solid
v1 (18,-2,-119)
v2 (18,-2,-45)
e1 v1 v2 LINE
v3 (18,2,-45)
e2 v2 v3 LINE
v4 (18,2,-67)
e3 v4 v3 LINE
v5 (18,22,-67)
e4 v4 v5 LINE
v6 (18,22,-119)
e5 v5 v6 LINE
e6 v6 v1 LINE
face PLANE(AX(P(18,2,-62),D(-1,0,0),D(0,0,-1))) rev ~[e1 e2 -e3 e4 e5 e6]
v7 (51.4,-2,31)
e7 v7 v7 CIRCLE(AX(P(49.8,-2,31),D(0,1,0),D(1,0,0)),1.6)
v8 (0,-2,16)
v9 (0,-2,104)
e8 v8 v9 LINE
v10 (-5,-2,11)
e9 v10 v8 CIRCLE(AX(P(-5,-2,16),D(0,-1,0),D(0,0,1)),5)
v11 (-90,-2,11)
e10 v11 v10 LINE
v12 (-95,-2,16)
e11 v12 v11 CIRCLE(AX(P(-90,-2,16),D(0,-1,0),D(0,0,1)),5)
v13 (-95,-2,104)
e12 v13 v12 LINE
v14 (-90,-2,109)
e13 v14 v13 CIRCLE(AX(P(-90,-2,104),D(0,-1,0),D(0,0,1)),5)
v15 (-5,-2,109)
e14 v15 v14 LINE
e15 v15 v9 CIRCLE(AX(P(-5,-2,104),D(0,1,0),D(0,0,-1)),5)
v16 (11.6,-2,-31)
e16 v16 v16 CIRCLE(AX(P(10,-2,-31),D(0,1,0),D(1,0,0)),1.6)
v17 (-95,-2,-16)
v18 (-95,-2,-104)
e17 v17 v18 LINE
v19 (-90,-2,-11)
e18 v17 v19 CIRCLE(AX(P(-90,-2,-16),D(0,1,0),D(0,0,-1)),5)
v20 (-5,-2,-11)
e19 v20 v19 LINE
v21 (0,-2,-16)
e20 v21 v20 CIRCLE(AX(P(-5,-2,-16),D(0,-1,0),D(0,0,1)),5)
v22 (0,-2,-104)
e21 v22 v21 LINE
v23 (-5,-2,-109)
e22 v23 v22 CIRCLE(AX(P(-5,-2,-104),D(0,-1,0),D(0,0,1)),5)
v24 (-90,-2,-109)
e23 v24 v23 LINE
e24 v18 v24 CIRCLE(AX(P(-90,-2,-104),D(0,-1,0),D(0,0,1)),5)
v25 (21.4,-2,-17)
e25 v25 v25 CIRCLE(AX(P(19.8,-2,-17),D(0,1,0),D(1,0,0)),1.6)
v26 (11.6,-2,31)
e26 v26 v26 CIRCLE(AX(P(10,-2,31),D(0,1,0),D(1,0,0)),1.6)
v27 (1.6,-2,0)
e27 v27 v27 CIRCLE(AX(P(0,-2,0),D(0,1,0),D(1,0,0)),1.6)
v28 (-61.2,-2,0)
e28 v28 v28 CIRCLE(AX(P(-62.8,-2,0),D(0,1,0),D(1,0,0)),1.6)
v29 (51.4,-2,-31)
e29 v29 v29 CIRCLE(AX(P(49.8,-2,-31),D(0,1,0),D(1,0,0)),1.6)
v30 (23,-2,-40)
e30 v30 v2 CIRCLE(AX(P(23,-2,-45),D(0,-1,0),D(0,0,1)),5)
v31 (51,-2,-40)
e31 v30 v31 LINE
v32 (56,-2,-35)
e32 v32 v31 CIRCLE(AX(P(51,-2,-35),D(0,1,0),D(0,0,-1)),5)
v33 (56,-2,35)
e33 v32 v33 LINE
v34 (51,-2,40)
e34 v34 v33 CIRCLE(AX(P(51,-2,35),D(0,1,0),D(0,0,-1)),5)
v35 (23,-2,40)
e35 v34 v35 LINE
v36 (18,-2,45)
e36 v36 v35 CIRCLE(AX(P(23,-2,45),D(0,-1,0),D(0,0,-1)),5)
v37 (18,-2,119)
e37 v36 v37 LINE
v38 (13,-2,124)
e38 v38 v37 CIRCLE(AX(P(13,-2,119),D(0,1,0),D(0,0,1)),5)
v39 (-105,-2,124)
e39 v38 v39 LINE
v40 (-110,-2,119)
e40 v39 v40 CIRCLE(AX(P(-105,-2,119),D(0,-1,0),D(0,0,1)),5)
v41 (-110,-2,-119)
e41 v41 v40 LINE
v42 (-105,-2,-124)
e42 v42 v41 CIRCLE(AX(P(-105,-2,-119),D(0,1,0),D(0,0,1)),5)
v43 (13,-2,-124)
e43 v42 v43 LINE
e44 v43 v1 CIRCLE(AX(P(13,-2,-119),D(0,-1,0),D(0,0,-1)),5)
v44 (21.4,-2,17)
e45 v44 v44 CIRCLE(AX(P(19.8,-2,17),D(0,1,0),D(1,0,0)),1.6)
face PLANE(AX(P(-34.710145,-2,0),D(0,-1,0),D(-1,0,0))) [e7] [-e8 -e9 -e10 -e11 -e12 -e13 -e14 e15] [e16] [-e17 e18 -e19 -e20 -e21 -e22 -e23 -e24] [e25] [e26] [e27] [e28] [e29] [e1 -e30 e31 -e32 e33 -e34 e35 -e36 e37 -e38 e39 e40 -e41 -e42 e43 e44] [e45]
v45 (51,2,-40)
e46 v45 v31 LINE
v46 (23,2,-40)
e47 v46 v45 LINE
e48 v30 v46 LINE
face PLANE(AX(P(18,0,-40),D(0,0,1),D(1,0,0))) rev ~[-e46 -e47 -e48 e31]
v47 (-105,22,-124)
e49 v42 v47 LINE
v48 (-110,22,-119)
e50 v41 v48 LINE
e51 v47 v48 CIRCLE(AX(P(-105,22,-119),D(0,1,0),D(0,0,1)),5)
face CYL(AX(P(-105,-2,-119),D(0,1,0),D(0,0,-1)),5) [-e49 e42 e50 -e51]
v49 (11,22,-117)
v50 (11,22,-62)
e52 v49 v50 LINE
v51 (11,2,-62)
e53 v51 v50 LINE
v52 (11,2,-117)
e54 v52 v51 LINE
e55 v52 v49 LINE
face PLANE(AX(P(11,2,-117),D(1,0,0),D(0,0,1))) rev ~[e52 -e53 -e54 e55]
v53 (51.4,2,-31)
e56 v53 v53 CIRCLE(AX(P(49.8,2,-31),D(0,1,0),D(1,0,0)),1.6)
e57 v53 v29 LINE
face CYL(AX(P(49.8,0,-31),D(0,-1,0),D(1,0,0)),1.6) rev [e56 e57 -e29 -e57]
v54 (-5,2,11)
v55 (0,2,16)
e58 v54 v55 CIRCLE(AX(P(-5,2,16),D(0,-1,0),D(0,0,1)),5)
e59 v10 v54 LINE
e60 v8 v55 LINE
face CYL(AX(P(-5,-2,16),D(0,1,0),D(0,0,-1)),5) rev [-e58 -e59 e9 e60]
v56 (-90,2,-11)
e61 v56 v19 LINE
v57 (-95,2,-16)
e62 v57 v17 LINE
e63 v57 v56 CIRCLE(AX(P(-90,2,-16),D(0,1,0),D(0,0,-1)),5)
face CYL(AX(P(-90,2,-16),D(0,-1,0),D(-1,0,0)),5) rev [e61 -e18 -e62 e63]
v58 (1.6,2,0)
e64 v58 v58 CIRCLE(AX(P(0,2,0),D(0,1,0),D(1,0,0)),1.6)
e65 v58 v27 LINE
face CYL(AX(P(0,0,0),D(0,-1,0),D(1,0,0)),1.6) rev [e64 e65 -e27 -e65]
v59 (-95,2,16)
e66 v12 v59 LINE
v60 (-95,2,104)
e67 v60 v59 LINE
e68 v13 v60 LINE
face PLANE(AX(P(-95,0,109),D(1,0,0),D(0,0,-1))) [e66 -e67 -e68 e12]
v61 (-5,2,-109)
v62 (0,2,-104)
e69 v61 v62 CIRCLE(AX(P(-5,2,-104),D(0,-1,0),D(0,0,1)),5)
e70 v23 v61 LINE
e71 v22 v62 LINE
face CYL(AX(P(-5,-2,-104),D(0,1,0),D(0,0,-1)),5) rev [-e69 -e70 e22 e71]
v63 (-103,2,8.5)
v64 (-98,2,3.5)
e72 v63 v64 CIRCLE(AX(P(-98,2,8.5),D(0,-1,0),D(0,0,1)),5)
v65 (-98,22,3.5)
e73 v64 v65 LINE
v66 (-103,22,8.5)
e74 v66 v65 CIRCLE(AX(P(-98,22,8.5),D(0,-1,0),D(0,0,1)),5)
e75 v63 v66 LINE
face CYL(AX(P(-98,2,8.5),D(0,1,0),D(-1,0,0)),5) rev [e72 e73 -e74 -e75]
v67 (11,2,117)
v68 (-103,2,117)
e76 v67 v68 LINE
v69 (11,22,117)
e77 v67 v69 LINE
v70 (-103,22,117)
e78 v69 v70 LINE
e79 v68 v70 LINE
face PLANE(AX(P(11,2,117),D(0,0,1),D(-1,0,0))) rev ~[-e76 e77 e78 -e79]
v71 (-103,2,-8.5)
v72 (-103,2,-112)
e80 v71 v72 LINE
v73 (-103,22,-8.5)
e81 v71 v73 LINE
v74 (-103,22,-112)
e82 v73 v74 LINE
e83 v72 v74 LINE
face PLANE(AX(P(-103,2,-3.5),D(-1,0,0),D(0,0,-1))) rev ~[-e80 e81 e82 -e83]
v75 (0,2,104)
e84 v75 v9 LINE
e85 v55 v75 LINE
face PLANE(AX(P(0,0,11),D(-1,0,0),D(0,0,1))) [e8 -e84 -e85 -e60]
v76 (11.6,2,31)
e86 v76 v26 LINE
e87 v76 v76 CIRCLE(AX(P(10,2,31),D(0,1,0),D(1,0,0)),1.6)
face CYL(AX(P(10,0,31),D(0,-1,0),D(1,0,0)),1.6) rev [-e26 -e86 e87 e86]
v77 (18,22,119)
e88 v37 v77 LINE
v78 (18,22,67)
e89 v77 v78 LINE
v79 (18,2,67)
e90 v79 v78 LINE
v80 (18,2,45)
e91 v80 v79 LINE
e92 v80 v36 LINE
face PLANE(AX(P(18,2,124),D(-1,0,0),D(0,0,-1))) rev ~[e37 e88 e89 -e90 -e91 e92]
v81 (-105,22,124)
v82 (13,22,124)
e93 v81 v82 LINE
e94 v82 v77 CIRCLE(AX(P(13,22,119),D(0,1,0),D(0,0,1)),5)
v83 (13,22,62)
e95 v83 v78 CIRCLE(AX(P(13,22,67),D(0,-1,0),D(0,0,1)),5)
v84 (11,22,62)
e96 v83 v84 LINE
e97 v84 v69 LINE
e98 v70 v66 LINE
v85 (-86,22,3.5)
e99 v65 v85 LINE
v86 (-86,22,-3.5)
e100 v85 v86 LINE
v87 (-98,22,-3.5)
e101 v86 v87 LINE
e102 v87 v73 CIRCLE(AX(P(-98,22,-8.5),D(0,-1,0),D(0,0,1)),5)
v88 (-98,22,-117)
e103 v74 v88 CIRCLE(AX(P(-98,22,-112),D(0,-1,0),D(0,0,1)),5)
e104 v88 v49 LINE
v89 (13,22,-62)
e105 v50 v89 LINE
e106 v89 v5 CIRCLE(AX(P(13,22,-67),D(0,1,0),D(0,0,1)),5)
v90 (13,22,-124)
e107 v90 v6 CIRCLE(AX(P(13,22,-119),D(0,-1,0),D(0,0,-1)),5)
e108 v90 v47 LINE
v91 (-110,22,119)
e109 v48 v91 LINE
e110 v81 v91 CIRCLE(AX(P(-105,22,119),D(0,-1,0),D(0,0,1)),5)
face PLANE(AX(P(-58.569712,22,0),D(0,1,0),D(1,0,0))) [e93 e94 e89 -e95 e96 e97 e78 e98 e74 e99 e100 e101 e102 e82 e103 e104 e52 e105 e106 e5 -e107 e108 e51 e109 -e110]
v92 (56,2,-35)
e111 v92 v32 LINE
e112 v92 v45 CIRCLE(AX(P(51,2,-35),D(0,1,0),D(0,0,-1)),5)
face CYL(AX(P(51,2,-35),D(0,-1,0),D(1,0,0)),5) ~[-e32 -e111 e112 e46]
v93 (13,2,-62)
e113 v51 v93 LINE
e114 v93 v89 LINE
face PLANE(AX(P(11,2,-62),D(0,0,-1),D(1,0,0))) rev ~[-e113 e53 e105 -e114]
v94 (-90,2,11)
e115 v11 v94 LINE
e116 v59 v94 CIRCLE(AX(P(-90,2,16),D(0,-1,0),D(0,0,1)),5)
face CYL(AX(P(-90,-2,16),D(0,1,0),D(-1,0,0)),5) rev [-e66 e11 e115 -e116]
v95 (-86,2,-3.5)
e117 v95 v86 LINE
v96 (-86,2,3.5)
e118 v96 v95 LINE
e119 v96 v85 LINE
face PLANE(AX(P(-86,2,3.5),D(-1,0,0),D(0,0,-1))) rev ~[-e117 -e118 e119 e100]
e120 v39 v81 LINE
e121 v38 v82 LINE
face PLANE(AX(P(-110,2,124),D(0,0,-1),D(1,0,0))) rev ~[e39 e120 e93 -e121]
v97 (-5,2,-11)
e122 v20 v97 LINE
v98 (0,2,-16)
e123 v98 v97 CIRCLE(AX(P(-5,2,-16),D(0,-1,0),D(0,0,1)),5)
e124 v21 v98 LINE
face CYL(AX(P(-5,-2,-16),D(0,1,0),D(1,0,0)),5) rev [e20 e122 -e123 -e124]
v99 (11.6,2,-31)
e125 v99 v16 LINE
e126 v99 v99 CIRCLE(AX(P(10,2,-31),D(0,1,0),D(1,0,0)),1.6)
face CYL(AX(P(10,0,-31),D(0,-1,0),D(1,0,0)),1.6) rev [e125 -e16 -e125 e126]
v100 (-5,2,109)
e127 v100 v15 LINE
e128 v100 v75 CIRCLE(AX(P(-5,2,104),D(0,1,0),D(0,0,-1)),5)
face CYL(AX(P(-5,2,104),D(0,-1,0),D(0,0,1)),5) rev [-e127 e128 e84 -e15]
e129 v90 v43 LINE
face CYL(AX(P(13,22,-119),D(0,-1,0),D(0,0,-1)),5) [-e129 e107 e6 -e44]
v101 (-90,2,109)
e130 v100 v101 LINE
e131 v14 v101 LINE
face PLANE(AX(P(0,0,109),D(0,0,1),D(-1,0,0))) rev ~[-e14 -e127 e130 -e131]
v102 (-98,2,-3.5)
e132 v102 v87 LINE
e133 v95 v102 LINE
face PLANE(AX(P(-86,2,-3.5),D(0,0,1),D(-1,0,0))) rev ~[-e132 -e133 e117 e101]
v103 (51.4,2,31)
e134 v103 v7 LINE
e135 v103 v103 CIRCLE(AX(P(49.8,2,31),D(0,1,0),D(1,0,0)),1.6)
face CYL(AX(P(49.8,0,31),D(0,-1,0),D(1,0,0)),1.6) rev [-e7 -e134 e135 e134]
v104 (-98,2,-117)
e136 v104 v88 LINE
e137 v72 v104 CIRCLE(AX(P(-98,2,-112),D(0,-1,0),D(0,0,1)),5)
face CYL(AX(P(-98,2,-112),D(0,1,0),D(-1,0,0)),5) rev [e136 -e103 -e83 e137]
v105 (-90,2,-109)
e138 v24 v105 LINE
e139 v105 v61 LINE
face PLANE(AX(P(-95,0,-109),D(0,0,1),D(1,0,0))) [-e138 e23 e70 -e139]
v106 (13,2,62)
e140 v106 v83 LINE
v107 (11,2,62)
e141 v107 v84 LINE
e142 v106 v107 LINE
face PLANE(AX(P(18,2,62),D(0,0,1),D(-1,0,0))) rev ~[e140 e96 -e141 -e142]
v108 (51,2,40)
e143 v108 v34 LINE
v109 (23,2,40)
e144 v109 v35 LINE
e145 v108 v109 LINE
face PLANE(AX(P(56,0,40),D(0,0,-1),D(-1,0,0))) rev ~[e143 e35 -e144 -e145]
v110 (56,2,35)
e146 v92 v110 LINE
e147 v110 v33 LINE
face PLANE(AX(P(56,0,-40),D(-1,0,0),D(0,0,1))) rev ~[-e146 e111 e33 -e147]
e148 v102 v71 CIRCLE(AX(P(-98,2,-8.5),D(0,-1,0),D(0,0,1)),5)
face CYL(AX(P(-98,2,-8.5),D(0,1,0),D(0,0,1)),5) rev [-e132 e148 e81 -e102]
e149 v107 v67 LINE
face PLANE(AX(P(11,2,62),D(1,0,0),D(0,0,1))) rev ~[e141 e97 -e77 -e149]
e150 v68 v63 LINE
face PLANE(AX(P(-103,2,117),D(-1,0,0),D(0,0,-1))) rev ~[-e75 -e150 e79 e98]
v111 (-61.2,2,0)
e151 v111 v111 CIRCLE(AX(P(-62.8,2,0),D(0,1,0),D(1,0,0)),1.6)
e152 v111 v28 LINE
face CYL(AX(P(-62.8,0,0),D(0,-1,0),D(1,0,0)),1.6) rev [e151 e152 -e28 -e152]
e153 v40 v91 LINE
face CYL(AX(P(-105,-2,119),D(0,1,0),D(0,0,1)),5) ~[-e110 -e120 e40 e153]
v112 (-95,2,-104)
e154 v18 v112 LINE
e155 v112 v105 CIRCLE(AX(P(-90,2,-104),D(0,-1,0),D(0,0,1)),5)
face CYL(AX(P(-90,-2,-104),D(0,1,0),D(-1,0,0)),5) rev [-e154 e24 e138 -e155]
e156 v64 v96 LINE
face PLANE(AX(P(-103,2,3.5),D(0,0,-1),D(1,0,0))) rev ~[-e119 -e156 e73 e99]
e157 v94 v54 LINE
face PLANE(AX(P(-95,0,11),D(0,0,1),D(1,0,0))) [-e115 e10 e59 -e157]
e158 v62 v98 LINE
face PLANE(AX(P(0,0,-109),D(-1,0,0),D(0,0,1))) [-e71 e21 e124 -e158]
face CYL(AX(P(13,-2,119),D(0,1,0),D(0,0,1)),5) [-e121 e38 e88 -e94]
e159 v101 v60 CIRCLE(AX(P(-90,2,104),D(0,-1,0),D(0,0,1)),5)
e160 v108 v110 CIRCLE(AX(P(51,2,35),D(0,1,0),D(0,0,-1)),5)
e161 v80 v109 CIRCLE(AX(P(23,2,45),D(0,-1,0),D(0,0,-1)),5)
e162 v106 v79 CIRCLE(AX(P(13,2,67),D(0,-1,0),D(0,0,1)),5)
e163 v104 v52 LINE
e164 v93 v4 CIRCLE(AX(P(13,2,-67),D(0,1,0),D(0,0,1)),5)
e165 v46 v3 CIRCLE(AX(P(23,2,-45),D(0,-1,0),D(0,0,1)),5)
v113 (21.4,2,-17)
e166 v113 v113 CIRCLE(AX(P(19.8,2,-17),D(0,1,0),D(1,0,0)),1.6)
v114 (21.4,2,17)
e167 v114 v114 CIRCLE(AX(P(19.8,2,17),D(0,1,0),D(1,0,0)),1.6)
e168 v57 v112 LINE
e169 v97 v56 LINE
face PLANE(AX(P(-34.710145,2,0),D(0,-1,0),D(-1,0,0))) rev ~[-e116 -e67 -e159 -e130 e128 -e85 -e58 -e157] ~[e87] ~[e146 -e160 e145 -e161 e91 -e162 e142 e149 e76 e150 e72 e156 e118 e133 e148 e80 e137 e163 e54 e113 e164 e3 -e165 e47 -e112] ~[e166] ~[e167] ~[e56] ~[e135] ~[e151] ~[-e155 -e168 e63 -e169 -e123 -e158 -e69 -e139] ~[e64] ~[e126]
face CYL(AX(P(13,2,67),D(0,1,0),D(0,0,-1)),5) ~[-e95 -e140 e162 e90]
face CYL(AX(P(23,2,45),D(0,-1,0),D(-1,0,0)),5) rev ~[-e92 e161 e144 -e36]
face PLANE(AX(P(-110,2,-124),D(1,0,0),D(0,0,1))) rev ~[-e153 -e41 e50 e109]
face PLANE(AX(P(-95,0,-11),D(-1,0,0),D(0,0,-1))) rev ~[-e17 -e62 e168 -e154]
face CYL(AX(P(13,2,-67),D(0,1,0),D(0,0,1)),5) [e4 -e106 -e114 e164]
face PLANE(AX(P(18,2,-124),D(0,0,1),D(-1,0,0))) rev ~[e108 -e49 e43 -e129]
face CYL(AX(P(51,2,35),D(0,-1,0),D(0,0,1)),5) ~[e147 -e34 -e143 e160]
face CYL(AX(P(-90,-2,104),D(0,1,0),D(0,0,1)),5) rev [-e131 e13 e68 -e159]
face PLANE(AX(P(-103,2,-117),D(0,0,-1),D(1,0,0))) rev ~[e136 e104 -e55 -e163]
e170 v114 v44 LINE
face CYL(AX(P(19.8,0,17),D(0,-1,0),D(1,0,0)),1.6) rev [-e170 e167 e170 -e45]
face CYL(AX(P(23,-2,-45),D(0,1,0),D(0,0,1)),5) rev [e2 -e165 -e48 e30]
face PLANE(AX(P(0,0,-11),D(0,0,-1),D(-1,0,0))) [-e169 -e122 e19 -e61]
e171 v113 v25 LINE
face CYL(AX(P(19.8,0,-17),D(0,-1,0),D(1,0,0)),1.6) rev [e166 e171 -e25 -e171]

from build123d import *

# Parameters (mm, degrees)
SKETCH1_R           = 1.6
BOSS_EXTRUDE1_DEPTH = 2
BOSS_EXTRUDE2_DEPTH = 20
FILLET1_R           = 5


with BuildPart() as part:
    # Sketch1 → Boss-Extrude1 (new body, symmetric)
    with BuildSketch(Plane(origin=(0, 0, 0), x_dir=(1, 0, 0), z_dir=(0, 1, 0))):
        Polygon((18, 40), (56, 40), (56, -40), (18, -40), (18, -124), (-110, -124), (-110, -22.904637916), (-110, 22.904637916), (-110, 124), (18, 124), align=None)
        Circle(SKETCH1_R, mode=Mode.SUBTRACT)
        with Locations((-62.8, 0)):
            Circle(SKETCH1_R, mode=Mode.SUBTRACT)
        with Locations((10, 31)):
            Circle(SKETCH1_R, mode=Mode.SUBTRACT)
        with Locations((49.8, 31)):
            Circle(SKETCH1_R, mode=Mode.SUBTRACT)
        with Locations((49.8, -31)):
            Circle(SKETCH1_R, mode=Mode.SUBTRACT)
        with Locations((10, -31)):
            Circle(SKETCH1_R, mode=Mode.SUBTRACT)
        with Locations((19.8, 17)):
            Circle(SKETCH1_R, mode=Mode.SUBTRACT)
        with Locations((19.8, -17)):
            Circle(SKETCH1_R, mode=Mode.SUBTRACT)
        Polygon((0, 11), (-95, 11), (-95, 109), (0, 109), (0, 40), align=None, mode=Mode.SUBTRACT)
        Polygon((0, -11), (0, -40), (0, -109), (-95, -109), (-95, -11), align=None, mode=Mode.SUBTRACT)
    extrude(amount=BOSS_EXTRUDE1_DEPTH, both=True)

    # Sketch2 → Boss-Extrude2 (add)
    with BuildSketch(Plane(origin=(0, 2, 0), x_dir=(1, 0, 0), z_dir=(0, 1, 0))):
        Polygon((18, 124), (-110, 124), (-110, -124), (18, -124), (18, -117), (18, -62), (11, -62), (11, -117), (-103, -117), (-103, -3.5), (-86, -3.5), (-86, 3.5), (-103, 3.5), (-103, 117), (11, 117), (11, 62), (18, 62), (18, 117), align=None)
    extrude(amount=BOSS_EXTRUDE2_DEPTH)

    # Fillet1
    fillet1_edges = [part.edges().sort_by_distance(p)[0] for p in [
        (18, 12, 62),
        (-103, 12, 3.5),
        (-103, 12, -3.5),
        (-103, 12, -117),
        (18, 12, -62),
        (18, 0, 40),
        (18, 10, 124),
        (-110, 10, 124),
        (-110, 10, -124),
        (18, 10, -124),
        (18, 0, -40),
        (56, 0, -40),
        (56, 0, 40),
        (0, 0, -11),
        (0, 0, -109),
        (-95, 0, -109),
        (-95, 0, -11),
        (0, 0, 11),
        (-95, 0, 11),
        (-95, 0, 109),
        (0, 0, 109),
    ]]
    fillet(fillet1_edges, radius=FILLET1_R)


solid = part.part
